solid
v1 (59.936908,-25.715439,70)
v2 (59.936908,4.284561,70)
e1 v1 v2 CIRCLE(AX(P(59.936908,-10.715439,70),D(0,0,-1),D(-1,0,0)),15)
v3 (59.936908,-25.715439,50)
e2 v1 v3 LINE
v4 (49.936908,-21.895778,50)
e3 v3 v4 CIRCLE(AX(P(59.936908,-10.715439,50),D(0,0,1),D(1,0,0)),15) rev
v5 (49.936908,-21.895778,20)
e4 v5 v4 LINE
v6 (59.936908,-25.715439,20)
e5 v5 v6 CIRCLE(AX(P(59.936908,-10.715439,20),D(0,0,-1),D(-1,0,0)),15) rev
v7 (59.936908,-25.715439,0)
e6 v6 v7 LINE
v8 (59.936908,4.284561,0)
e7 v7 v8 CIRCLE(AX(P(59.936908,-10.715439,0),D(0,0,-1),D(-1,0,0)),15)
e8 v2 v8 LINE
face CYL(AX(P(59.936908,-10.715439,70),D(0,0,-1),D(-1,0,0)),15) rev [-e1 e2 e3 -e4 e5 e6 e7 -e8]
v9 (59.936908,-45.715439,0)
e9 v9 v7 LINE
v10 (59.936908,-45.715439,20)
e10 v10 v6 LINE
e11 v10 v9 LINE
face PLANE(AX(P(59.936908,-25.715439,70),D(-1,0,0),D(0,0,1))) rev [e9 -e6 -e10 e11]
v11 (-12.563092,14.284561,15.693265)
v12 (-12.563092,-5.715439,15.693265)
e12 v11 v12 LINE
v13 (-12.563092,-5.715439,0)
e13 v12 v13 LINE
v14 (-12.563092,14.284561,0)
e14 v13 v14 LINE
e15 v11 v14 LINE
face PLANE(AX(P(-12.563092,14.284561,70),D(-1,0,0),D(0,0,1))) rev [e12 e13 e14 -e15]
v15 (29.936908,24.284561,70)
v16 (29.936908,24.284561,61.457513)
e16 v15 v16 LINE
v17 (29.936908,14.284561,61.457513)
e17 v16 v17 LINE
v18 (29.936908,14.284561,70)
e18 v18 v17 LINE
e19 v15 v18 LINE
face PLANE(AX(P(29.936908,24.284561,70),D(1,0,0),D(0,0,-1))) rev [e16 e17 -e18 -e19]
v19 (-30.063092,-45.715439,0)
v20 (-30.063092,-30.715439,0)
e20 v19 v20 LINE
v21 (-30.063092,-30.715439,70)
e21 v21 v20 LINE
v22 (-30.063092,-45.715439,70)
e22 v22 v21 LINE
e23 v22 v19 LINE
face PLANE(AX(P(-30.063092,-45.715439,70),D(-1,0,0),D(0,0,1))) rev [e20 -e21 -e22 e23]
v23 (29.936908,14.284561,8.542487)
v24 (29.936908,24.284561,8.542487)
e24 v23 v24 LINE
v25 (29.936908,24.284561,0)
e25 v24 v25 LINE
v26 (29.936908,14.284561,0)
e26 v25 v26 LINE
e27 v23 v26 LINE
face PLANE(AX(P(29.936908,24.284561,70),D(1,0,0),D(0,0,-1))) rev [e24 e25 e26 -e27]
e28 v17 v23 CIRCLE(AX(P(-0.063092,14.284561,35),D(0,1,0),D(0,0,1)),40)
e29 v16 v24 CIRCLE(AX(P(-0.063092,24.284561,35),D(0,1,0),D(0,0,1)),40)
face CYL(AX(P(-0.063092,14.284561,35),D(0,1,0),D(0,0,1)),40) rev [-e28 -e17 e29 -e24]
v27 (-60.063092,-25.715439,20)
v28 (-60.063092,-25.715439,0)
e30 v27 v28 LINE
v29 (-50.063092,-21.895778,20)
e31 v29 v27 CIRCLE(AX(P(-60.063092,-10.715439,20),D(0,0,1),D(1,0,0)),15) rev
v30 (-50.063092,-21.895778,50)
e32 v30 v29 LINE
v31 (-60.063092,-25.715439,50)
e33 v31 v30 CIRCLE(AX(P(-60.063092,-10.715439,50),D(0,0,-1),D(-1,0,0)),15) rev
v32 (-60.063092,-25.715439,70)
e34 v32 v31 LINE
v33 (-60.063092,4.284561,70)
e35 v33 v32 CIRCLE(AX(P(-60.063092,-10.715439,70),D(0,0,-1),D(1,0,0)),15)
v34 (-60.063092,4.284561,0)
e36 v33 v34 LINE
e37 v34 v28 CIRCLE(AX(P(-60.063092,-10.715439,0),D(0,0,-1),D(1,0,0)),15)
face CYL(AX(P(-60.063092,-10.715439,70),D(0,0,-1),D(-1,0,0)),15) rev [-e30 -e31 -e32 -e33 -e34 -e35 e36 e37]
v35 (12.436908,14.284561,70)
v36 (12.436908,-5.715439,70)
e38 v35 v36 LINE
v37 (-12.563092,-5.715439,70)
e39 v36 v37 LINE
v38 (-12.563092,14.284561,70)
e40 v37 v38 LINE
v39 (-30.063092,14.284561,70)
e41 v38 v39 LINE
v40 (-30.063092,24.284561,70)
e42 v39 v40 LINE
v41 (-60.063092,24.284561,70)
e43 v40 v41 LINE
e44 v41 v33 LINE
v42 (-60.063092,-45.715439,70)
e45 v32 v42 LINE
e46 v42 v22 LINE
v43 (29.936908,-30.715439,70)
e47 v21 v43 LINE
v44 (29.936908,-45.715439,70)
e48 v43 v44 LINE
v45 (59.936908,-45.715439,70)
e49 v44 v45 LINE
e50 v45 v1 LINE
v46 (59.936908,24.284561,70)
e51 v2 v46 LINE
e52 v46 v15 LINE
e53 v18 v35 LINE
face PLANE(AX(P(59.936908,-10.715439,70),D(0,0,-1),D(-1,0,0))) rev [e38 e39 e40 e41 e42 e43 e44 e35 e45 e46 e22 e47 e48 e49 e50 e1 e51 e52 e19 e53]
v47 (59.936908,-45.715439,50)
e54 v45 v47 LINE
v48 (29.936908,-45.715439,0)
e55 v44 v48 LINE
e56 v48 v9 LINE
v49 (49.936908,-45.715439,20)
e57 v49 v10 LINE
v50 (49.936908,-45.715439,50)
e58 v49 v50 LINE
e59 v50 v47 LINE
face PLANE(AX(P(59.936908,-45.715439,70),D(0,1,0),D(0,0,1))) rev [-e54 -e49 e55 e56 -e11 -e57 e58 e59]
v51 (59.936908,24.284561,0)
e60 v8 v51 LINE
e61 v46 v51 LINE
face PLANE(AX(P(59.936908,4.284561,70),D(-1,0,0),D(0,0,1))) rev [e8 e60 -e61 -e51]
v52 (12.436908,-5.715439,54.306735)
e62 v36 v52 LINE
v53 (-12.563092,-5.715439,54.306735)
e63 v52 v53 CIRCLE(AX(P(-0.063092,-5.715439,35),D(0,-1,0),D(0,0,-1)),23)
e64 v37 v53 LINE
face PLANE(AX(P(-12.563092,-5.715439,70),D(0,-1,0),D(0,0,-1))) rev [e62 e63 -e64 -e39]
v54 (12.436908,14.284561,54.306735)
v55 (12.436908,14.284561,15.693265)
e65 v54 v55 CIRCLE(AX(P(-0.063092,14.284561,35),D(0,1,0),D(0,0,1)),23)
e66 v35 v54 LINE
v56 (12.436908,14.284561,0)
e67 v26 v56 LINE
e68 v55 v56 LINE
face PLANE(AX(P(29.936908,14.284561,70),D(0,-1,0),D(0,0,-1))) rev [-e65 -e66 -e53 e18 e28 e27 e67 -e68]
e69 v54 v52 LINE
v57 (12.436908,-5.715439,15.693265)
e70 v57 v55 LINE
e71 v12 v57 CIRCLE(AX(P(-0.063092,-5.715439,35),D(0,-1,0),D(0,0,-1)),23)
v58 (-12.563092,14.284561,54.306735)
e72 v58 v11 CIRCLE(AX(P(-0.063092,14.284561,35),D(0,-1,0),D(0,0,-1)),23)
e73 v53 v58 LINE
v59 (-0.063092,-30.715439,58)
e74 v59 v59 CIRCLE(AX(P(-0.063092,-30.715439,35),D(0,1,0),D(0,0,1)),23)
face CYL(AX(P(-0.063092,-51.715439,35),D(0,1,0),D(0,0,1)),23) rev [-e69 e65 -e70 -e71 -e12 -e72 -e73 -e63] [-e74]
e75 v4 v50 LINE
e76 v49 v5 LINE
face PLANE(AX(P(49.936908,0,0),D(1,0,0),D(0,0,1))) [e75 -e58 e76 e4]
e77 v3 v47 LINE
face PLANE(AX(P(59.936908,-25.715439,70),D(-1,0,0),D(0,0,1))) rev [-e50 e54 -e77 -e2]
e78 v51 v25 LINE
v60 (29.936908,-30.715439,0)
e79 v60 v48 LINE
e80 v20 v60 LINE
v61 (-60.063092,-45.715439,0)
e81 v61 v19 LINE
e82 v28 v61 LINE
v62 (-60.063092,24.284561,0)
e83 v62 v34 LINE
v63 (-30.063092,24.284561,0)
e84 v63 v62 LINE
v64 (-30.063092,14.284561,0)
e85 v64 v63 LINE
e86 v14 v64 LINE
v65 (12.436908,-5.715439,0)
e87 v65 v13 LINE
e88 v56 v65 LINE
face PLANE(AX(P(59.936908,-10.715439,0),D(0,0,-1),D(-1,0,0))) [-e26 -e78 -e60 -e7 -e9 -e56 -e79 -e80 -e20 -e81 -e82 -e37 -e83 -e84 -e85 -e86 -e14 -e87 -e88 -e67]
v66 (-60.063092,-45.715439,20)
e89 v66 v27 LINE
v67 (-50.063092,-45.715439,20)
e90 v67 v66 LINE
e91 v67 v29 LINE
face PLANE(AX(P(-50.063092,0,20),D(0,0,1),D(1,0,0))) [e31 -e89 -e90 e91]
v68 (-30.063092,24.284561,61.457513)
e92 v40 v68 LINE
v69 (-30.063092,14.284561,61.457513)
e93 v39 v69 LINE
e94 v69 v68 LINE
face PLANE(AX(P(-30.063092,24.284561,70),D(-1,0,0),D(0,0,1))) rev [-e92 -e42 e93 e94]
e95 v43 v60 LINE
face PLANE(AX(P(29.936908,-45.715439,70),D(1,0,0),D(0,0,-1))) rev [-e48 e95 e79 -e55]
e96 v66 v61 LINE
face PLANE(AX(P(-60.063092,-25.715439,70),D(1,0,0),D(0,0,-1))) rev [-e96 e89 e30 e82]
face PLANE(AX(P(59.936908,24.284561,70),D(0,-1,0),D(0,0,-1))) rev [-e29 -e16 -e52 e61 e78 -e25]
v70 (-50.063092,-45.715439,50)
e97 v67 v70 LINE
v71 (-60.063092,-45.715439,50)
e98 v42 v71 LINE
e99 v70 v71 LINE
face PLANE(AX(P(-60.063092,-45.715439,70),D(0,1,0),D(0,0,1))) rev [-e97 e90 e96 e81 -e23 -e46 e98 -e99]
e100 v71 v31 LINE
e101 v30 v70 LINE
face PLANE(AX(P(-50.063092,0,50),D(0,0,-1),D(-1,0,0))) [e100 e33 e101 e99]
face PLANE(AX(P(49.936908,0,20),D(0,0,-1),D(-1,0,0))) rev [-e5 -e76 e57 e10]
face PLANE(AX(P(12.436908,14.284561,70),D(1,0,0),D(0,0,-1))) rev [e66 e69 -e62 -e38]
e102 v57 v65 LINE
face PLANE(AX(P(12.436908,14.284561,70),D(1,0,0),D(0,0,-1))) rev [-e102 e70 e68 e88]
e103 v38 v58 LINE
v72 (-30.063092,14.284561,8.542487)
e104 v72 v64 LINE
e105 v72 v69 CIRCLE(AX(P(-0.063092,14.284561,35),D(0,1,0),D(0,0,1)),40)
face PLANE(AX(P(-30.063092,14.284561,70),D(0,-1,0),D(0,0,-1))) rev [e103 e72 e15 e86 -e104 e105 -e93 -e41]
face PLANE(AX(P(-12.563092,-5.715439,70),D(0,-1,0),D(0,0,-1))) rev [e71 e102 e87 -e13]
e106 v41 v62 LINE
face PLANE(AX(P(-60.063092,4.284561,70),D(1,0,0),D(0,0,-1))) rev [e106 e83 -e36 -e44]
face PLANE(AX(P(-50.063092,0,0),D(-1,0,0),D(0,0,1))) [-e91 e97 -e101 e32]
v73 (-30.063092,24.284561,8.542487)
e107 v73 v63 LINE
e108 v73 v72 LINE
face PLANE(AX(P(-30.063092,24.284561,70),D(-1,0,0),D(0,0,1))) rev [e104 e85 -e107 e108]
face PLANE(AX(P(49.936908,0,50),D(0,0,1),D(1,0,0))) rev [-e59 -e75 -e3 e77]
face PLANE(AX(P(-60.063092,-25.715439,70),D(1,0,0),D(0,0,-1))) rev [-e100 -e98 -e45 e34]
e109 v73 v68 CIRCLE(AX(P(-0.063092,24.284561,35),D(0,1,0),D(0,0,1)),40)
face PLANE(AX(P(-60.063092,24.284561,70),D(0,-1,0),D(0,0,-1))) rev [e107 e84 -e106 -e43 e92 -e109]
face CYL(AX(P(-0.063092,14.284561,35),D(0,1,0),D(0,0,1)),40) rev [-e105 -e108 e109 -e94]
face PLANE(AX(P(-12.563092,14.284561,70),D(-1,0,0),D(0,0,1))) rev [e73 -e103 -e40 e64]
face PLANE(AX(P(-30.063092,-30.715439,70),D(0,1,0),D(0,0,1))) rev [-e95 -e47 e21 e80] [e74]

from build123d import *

# Parameters (mm, degrees)
BOSS_EXTRUDE1_DEPTH = 70
SKETCH2_R           = 40
CUT_EXTRUDE1_DEPTH  = 10
SKETCH3_R           = 23
CUT_EXTRUDE2_DEPTH  = 66
SKETCH4_W           = 30
SKETCH4_H           = 15
SKETCH4_H_2         = 20
CUT_EXTRUDE3_DEPTH  = 10


with BuildPart() as part:
    # Sketch1 → Boss-Extrude1 (new body)
    with BuildSketch(Plane.XY):
        with BuildLine():
            Line((-60.063092464, -25.71543861), (-60.063092464, -45.71543861))
            Line((-60.063092464, -45.71543861), (-30.063092464, -45.71543861))
            Line((-30.063092464, -45.71543861), (-30.063092464, -30.71543861))
            Line((-30.063092464, -30.71543861), (29.936907536, -30.71543861))
            Line((29.936907536, -30.71543861), (29.936907536, -45.71543861))
            Line((29.936907536, -45.71543861), (59.936907536, -45.71543861))
            Line((59.936907536, -45.71543861), (59.936907536, -25.71543861))
            ThreePointArc((59.936907536, -25.71543861), (44.936907536, -10.71543861), (59.936907536, 4.28456139))
            Line((59.936907536, 4.28456139), (59.936907536, 24.28456139))
            Line((59.936907536, 24.28456139), (29.936907536, 24.28456139))
            Line((29.936907536, 24.28456139), (29.936907536, 14.28456139))
            Line((29.936907536, 14.28456139), (12.436907536, 14.28456139))
            Line((12.436907536, 14.28456139), (12.436907536, -5.71543861))
            Line((12.436907536, -5.71543861), (-12.563092464, -5.71543861))
            Line((-12.563092464, -5.71543861), (-12.563092464, 14.28456139))
            Line((-12.563092464, 14.28456139), (-30.063092464, 14.28456139))
            Line((-30.063092464, 14.28456139), (-30.063092464, 24.28456139))
            Line((-30.063092464, 24.28456139), (-60.063092464, 24.28456139))
            Line((-60.063092464, 24.28456139), (-60.063092464, 4.28456139))
            ThreePointArc((-60.063092464, 4.28456139), (-45.063092464, -10.71543861), (-60.063092464, -25.71543861))
        make_face()
    extrude(amount=BOSS_EXTRUDE1_DEPTH)

    # Sketch2 → Cut-Extrude1 (cut)
    with BuildSketch(Plane(origin=(0, 24.28456139, 0), x_dir=(1, 0, 0), z_dir=(0, 1, 0))):
        with Locations((-0.063092464, -35)):
            Circle(SKETCH2_R)
    extrude(amount=-CUT_EXTRUDE1_DEPTH, mode=Mode.SUBTRACT)

    # Sketch3 → Cut-Extrude2 (cut)
    with BuildSketch(Plane(origin=(0, 14.28456139, 0), x_dir=(1, 0, 0), z_dir=(0, 1, 0))):
        with Locations(Location((-0.063092464, -35, 0), (0, 0, 270))):
            Circle(SKETCH3_R)
    extrude(amount=-CUT_EXTRUDE2_DEPTH, mode=Mode.SUBTRACT)

    # Sketch4 → Cut-Extrude3 (cut)
    with BuildSketch(Plane.ZY.offset(60.063092464)):
        with Locations((35, -18.21543861)):
            Rectangle(SKETCH4_W, SKETCH4_H)
        with Locations((35, -35.71543861)):
            Rectangle(SKETCH4_W, SKETCH4_H_2)
    cut_extrude3 = extrude(amount=-CUT_EXTRUDE3_DEPTH, mode=Mode.SUBTRACT)

    # Mirror1: Cut-Extrude3 across plane
    add(cut_extrude3.mirror(Plane.ZY.offset(0.063092464)), mode=Mode.SUBTRACT)


solid = part.part
